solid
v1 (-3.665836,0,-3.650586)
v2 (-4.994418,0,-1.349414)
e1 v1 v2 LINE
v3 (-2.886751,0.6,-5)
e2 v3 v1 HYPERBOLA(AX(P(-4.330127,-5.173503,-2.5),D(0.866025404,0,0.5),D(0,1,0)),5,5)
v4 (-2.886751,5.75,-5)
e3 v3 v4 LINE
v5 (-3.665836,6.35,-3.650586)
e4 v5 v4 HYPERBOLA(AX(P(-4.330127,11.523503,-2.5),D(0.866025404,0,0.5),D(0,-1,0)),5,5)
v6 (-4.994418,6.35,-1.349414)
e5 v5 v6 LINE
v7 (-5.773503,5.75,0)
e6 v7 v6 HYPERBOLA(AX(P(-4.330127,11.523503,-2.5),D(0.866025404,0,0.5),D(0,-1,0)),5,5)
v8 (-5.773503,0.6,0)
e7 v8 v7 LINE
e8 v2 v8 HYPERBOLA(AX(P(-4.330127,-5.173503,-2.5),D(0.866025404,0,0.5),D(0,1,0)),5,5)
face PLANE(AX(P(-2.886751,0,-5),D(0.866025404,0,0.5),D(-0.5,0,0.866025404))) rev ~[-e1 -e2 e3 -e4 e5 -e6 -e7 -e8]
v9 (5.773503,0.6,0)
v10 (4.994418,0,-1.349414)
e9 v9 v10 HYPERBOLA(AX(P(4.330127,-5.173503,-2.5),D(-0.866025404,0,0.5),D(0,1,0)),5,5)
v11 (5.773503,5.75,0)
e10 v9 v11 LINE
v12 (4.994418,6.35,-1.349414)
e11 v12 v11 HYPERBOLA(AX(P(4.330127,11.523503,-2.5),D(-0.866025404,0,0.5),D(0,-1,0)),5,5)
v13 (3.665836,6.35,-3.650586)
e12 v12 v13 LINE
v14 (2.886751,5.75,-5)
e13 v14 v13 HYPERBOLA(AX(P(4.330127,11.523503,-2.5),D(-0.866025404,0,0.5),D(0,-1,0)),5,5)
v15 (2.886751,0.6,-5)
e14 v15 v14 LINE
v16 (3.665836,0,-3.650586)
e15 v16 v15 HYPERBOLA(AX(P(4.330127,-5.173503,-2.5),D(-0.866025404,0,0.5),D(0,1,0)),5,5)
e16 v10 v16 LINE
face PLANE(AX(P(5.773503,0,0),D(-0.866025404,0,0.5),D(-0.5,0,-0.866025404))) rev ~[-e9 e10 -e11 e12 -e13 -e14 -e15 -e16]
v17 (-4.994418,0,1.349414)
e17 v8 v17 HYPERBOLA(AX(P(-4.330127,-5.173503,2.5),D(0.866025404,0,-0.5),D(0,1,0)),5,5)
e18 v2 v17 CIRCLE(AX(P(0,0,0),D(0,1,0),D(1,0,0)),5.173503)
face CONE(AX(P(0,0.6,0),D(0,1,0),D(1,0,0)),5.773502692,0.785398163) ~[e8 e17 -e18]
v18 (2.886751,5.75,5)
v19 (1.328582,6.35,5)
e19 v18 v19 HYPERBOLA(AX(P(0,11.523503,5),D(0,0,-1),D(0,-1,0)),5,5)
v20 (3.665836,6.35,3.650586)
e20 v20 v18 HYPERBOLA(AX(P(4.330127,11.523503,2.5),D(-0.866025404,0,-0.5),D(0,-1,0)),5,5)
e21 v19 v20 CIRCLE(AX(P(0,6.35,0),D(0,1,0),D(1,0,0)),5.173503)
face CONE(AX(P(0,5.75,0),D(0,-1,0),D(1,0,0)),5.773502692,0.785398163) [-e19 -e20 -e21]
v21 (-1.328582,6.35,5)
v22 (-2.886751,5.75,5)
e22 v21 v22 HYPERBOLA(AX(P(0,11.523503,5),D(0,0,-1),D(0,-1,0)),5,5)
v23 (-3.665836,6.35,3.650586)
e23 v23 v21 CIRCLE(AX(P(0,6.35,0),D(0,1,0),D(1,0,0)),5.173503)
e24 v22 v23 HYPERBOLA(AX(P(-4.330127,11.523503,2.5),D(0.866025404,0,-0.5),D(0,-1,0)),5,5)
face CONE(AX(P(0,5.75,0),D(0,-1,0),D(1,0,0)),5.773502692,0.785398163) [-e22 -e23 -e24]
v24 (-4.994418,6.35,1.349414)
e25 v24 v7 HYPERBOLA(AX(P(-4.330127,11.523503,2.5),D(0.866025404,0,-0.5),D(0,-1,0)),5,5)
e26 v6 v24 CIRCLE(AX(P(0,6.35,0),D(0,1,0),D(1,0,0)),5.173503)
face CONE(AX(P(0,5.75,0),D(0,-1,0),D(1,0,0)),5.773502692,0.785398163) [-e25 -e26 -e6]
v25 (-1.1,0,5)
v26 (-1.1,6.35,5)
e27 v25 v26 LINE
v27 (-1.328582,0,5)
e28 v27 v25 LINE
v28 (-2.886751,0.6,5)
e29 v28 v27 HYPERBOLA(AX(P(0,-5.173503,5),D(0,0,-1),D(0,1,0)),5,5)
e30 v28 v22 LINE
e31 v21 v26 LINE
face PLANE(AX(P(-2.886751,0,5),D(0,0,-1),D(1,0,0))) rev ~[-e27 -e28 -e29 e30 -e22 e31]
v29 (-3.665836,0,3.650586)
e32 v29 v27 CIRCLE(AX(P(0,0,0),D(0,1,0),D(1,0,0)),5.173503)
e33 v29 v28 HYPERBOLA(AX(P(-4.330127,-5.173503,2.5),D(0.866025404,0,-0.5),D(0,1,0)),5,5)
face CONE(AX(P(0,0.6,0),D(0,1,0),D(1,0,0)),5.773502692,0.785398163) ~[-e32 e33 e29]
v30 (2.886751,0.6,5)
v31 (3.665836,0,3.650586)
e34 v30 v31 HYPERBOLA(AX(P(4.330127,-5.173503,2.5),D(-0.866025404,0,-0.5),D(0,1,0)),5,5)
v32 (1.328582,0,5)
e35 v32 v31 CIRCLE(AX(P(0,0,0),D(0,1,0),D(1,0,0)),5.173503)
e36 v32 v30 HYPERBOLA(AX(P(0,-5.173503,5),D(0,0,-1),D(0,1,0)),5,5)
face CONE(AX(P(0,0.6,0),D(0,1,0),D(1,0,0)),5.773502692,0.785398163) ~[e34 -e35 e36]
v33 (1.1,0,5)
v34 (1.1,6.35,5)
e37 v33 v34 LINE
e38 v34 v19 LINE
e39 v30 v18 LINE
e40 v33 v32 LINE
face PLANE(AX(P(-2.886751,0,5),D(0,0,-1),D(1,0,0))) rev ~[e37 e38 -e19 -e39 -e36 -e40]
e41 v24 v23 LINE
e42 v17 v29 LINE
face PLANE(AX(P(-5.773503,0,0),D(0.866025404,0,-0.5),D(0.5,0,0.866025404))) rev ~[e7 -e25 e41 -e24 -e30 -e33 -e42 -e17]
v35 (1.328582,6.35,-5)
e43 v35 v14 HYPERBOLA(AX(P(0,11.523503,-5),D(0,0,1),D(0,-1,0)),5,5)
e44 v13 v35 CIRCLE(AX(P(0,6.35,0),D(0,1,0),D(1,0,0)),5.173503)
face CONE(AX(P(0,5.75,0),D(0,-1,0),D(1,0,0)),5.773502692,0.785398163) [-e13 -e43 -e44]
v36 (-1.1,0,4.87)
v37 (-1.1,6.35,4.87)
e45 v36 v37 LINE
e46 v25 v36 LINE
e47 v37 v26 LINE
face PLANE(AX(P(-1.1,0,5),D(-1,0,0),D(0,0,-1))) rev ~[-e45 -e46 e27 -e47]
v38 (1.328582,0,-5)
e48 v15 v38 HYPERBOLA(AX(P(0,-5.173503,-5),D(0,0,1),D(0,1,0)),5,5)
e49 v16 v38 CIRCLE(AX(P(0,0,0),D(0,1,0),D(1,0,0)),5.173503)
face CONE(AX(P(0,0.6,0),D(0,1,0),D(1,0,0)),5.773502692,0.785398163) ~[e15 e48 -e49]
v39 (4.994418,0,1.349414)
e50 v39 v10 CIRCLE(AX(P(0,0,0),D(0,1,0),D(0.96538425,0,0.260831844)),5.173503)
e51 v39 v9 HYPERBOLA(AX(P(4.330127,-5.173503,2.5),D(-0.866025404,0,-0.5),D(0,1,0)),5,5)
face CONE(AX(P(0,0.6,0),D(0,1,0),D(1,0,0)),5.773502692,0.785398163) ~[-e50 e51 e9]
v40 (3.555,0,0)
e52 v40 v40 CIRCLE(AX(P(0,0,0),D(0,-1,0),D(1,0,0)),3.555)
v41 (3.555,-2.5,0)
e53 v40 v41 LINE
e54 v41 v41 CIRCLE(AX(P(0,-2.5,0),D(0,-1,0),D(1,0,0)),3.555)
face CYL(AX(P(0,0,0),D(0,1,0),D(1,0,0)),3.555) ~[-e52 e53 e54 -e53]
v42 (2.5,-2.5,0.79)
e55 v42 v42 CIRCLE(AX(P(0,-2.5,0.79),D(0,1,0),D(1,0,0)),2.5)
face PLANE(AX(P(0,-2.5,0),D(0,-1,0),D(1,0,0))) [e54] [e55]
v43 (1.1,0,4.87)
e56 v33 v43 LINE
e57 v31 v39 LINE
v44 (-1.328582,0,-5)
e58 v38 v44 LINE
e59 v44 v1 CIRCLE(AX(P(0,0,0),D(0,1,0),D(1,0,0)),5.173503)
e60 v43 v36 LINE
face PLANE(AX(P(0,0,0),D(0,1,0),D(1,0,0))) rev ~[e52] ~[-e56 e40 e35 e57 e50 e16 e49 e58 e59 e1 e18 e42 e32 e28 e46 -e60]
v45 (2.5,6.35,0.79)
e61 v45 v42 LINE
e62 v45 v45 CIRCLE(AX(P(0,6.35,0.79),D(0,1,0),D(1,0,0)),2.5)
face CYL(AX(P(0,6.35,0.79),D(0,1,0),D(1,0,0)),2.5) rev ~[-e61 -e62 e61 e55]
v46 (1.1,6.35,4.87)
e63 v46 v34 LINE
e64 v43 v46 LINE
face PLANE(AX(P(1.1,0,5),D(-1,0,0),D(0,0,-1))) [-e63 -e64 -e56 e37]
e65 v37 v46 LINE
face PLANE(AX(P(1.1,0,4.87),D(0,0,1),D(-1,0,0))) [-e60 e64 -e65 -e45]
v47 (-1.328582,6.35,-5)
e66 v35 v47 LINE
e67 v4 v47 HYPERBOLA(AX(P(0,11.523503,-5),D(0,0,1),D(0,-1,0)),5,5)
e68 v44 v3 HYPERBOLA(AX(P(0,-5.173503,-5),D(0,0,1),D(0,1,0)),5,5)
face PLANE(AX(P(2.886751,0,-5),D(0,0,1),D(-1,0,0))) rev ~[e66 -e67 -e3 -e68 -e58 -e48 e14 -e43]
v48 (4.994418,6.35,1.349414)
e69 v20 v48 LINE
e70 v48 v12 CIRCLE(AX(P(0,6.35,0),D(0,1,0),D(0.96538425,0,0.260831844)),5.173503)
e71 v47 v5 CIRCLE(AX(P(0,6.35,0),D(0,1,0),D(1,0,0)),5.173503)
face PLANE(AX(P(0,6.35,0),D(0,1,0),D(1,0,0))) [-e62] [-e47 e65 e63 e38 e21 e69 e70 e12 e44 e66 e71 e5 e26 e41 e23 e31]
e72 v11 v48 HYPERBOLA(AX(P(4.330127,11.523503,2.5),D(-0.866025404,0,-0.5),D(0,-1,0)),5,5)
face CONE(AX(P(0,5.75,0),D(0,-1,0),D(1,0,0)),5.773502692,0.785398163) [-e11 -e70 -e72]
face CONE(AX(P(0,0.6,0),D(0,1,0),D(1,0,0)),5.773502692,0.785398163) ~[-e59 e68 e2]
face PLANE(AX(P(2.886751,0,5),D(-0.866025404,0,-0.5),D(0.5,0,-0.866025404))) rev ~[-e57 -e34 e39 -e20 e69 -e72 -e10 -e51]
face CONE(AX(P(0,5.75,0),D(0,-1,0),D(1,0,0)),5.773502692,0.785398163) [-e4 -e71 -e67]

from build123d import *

# Parameters (mm, degrees)
BOSS_EXTRUDE1_DEPTH = 6.35
SKETCH3_R           = 3.555
BOSS_EXTRUDE3_DEPTH = 2.5
SKETCH4_R           = 2.5
CUT_EXTRUDE1_DEPTH  = 9.85
SKETCH5_W           = 2.2
SKETCH5_H           = 0.13
CUT_EXTRUDE2_DEPTH  = 7.35


with BuildPart() as part:
    # Sketch1 → Boss-Extrude1 (new body)
    with BuildSketch(Plane(origin=(0, 0, 0), x_dir=(1, 0, 0), z_dir=(0, 1, 0))):
        Polygon((5.773502692, 0), (2.886751346, 5), (-2.886751346, 5), (-5.773502692, 0), (-2.886751346, -5), (2.886751346, -5), align=None)
    extrude(amount=BOSS_EXTRUDE1_DEPTH)

    # Sketch3 → Boss-Extrude3 (add)
    with BuildSketch(Plane.XZ):
        Circle(SKETCH3_R)
    extrude(amount=BOSS_EXTRUDE3_DEPTH)

    # Sketch4 → Cut-Extrude1 (cut, through all)
    with BuildSketch(Plane(origin=(0, 6.35, 0), x_dir=(1, 0, 0), z_dir=(0, 1, 0))):
        with Locations((0, -0.79)):
            Circle(SKETCH4_R)
    extrude(amount=-CUT_EXTRUDE1_DEPTH, mode=Mode.SUBTRACT)

    # Sketch5 → Cut-Extrude2 (cut, through all)
    with BuildSketch(Plane(origin=(0, 0, 0), x_dir=(-1, 0, 0), z_dir=(0, -1, 0))):
        with Locations((0, -4.935)):
            Rectangle(SKETCH5_W, SKETCH5_H)
    extrude(amount=-CUT_EXTRUDE2_DEPTH, mode=Mode.SUBTRACT)

    # Sketch6 → Cut-Revolve1 (revolve, cut)
    with BuildSketch(Plane.XY):
        Polygon((5.173502692, 6.35), (5.773502692, 6.35), (5.773502692, 5.75), align=None)
        Polygon((5.773502692, 0.6), (5.173502692, 0), (5.773502692, 0), align=None)
    revolve(axis=Axis((0, 0, 0), (0, 1, 0)), mode=Mode.SUBTRACT)


solid = part.part
